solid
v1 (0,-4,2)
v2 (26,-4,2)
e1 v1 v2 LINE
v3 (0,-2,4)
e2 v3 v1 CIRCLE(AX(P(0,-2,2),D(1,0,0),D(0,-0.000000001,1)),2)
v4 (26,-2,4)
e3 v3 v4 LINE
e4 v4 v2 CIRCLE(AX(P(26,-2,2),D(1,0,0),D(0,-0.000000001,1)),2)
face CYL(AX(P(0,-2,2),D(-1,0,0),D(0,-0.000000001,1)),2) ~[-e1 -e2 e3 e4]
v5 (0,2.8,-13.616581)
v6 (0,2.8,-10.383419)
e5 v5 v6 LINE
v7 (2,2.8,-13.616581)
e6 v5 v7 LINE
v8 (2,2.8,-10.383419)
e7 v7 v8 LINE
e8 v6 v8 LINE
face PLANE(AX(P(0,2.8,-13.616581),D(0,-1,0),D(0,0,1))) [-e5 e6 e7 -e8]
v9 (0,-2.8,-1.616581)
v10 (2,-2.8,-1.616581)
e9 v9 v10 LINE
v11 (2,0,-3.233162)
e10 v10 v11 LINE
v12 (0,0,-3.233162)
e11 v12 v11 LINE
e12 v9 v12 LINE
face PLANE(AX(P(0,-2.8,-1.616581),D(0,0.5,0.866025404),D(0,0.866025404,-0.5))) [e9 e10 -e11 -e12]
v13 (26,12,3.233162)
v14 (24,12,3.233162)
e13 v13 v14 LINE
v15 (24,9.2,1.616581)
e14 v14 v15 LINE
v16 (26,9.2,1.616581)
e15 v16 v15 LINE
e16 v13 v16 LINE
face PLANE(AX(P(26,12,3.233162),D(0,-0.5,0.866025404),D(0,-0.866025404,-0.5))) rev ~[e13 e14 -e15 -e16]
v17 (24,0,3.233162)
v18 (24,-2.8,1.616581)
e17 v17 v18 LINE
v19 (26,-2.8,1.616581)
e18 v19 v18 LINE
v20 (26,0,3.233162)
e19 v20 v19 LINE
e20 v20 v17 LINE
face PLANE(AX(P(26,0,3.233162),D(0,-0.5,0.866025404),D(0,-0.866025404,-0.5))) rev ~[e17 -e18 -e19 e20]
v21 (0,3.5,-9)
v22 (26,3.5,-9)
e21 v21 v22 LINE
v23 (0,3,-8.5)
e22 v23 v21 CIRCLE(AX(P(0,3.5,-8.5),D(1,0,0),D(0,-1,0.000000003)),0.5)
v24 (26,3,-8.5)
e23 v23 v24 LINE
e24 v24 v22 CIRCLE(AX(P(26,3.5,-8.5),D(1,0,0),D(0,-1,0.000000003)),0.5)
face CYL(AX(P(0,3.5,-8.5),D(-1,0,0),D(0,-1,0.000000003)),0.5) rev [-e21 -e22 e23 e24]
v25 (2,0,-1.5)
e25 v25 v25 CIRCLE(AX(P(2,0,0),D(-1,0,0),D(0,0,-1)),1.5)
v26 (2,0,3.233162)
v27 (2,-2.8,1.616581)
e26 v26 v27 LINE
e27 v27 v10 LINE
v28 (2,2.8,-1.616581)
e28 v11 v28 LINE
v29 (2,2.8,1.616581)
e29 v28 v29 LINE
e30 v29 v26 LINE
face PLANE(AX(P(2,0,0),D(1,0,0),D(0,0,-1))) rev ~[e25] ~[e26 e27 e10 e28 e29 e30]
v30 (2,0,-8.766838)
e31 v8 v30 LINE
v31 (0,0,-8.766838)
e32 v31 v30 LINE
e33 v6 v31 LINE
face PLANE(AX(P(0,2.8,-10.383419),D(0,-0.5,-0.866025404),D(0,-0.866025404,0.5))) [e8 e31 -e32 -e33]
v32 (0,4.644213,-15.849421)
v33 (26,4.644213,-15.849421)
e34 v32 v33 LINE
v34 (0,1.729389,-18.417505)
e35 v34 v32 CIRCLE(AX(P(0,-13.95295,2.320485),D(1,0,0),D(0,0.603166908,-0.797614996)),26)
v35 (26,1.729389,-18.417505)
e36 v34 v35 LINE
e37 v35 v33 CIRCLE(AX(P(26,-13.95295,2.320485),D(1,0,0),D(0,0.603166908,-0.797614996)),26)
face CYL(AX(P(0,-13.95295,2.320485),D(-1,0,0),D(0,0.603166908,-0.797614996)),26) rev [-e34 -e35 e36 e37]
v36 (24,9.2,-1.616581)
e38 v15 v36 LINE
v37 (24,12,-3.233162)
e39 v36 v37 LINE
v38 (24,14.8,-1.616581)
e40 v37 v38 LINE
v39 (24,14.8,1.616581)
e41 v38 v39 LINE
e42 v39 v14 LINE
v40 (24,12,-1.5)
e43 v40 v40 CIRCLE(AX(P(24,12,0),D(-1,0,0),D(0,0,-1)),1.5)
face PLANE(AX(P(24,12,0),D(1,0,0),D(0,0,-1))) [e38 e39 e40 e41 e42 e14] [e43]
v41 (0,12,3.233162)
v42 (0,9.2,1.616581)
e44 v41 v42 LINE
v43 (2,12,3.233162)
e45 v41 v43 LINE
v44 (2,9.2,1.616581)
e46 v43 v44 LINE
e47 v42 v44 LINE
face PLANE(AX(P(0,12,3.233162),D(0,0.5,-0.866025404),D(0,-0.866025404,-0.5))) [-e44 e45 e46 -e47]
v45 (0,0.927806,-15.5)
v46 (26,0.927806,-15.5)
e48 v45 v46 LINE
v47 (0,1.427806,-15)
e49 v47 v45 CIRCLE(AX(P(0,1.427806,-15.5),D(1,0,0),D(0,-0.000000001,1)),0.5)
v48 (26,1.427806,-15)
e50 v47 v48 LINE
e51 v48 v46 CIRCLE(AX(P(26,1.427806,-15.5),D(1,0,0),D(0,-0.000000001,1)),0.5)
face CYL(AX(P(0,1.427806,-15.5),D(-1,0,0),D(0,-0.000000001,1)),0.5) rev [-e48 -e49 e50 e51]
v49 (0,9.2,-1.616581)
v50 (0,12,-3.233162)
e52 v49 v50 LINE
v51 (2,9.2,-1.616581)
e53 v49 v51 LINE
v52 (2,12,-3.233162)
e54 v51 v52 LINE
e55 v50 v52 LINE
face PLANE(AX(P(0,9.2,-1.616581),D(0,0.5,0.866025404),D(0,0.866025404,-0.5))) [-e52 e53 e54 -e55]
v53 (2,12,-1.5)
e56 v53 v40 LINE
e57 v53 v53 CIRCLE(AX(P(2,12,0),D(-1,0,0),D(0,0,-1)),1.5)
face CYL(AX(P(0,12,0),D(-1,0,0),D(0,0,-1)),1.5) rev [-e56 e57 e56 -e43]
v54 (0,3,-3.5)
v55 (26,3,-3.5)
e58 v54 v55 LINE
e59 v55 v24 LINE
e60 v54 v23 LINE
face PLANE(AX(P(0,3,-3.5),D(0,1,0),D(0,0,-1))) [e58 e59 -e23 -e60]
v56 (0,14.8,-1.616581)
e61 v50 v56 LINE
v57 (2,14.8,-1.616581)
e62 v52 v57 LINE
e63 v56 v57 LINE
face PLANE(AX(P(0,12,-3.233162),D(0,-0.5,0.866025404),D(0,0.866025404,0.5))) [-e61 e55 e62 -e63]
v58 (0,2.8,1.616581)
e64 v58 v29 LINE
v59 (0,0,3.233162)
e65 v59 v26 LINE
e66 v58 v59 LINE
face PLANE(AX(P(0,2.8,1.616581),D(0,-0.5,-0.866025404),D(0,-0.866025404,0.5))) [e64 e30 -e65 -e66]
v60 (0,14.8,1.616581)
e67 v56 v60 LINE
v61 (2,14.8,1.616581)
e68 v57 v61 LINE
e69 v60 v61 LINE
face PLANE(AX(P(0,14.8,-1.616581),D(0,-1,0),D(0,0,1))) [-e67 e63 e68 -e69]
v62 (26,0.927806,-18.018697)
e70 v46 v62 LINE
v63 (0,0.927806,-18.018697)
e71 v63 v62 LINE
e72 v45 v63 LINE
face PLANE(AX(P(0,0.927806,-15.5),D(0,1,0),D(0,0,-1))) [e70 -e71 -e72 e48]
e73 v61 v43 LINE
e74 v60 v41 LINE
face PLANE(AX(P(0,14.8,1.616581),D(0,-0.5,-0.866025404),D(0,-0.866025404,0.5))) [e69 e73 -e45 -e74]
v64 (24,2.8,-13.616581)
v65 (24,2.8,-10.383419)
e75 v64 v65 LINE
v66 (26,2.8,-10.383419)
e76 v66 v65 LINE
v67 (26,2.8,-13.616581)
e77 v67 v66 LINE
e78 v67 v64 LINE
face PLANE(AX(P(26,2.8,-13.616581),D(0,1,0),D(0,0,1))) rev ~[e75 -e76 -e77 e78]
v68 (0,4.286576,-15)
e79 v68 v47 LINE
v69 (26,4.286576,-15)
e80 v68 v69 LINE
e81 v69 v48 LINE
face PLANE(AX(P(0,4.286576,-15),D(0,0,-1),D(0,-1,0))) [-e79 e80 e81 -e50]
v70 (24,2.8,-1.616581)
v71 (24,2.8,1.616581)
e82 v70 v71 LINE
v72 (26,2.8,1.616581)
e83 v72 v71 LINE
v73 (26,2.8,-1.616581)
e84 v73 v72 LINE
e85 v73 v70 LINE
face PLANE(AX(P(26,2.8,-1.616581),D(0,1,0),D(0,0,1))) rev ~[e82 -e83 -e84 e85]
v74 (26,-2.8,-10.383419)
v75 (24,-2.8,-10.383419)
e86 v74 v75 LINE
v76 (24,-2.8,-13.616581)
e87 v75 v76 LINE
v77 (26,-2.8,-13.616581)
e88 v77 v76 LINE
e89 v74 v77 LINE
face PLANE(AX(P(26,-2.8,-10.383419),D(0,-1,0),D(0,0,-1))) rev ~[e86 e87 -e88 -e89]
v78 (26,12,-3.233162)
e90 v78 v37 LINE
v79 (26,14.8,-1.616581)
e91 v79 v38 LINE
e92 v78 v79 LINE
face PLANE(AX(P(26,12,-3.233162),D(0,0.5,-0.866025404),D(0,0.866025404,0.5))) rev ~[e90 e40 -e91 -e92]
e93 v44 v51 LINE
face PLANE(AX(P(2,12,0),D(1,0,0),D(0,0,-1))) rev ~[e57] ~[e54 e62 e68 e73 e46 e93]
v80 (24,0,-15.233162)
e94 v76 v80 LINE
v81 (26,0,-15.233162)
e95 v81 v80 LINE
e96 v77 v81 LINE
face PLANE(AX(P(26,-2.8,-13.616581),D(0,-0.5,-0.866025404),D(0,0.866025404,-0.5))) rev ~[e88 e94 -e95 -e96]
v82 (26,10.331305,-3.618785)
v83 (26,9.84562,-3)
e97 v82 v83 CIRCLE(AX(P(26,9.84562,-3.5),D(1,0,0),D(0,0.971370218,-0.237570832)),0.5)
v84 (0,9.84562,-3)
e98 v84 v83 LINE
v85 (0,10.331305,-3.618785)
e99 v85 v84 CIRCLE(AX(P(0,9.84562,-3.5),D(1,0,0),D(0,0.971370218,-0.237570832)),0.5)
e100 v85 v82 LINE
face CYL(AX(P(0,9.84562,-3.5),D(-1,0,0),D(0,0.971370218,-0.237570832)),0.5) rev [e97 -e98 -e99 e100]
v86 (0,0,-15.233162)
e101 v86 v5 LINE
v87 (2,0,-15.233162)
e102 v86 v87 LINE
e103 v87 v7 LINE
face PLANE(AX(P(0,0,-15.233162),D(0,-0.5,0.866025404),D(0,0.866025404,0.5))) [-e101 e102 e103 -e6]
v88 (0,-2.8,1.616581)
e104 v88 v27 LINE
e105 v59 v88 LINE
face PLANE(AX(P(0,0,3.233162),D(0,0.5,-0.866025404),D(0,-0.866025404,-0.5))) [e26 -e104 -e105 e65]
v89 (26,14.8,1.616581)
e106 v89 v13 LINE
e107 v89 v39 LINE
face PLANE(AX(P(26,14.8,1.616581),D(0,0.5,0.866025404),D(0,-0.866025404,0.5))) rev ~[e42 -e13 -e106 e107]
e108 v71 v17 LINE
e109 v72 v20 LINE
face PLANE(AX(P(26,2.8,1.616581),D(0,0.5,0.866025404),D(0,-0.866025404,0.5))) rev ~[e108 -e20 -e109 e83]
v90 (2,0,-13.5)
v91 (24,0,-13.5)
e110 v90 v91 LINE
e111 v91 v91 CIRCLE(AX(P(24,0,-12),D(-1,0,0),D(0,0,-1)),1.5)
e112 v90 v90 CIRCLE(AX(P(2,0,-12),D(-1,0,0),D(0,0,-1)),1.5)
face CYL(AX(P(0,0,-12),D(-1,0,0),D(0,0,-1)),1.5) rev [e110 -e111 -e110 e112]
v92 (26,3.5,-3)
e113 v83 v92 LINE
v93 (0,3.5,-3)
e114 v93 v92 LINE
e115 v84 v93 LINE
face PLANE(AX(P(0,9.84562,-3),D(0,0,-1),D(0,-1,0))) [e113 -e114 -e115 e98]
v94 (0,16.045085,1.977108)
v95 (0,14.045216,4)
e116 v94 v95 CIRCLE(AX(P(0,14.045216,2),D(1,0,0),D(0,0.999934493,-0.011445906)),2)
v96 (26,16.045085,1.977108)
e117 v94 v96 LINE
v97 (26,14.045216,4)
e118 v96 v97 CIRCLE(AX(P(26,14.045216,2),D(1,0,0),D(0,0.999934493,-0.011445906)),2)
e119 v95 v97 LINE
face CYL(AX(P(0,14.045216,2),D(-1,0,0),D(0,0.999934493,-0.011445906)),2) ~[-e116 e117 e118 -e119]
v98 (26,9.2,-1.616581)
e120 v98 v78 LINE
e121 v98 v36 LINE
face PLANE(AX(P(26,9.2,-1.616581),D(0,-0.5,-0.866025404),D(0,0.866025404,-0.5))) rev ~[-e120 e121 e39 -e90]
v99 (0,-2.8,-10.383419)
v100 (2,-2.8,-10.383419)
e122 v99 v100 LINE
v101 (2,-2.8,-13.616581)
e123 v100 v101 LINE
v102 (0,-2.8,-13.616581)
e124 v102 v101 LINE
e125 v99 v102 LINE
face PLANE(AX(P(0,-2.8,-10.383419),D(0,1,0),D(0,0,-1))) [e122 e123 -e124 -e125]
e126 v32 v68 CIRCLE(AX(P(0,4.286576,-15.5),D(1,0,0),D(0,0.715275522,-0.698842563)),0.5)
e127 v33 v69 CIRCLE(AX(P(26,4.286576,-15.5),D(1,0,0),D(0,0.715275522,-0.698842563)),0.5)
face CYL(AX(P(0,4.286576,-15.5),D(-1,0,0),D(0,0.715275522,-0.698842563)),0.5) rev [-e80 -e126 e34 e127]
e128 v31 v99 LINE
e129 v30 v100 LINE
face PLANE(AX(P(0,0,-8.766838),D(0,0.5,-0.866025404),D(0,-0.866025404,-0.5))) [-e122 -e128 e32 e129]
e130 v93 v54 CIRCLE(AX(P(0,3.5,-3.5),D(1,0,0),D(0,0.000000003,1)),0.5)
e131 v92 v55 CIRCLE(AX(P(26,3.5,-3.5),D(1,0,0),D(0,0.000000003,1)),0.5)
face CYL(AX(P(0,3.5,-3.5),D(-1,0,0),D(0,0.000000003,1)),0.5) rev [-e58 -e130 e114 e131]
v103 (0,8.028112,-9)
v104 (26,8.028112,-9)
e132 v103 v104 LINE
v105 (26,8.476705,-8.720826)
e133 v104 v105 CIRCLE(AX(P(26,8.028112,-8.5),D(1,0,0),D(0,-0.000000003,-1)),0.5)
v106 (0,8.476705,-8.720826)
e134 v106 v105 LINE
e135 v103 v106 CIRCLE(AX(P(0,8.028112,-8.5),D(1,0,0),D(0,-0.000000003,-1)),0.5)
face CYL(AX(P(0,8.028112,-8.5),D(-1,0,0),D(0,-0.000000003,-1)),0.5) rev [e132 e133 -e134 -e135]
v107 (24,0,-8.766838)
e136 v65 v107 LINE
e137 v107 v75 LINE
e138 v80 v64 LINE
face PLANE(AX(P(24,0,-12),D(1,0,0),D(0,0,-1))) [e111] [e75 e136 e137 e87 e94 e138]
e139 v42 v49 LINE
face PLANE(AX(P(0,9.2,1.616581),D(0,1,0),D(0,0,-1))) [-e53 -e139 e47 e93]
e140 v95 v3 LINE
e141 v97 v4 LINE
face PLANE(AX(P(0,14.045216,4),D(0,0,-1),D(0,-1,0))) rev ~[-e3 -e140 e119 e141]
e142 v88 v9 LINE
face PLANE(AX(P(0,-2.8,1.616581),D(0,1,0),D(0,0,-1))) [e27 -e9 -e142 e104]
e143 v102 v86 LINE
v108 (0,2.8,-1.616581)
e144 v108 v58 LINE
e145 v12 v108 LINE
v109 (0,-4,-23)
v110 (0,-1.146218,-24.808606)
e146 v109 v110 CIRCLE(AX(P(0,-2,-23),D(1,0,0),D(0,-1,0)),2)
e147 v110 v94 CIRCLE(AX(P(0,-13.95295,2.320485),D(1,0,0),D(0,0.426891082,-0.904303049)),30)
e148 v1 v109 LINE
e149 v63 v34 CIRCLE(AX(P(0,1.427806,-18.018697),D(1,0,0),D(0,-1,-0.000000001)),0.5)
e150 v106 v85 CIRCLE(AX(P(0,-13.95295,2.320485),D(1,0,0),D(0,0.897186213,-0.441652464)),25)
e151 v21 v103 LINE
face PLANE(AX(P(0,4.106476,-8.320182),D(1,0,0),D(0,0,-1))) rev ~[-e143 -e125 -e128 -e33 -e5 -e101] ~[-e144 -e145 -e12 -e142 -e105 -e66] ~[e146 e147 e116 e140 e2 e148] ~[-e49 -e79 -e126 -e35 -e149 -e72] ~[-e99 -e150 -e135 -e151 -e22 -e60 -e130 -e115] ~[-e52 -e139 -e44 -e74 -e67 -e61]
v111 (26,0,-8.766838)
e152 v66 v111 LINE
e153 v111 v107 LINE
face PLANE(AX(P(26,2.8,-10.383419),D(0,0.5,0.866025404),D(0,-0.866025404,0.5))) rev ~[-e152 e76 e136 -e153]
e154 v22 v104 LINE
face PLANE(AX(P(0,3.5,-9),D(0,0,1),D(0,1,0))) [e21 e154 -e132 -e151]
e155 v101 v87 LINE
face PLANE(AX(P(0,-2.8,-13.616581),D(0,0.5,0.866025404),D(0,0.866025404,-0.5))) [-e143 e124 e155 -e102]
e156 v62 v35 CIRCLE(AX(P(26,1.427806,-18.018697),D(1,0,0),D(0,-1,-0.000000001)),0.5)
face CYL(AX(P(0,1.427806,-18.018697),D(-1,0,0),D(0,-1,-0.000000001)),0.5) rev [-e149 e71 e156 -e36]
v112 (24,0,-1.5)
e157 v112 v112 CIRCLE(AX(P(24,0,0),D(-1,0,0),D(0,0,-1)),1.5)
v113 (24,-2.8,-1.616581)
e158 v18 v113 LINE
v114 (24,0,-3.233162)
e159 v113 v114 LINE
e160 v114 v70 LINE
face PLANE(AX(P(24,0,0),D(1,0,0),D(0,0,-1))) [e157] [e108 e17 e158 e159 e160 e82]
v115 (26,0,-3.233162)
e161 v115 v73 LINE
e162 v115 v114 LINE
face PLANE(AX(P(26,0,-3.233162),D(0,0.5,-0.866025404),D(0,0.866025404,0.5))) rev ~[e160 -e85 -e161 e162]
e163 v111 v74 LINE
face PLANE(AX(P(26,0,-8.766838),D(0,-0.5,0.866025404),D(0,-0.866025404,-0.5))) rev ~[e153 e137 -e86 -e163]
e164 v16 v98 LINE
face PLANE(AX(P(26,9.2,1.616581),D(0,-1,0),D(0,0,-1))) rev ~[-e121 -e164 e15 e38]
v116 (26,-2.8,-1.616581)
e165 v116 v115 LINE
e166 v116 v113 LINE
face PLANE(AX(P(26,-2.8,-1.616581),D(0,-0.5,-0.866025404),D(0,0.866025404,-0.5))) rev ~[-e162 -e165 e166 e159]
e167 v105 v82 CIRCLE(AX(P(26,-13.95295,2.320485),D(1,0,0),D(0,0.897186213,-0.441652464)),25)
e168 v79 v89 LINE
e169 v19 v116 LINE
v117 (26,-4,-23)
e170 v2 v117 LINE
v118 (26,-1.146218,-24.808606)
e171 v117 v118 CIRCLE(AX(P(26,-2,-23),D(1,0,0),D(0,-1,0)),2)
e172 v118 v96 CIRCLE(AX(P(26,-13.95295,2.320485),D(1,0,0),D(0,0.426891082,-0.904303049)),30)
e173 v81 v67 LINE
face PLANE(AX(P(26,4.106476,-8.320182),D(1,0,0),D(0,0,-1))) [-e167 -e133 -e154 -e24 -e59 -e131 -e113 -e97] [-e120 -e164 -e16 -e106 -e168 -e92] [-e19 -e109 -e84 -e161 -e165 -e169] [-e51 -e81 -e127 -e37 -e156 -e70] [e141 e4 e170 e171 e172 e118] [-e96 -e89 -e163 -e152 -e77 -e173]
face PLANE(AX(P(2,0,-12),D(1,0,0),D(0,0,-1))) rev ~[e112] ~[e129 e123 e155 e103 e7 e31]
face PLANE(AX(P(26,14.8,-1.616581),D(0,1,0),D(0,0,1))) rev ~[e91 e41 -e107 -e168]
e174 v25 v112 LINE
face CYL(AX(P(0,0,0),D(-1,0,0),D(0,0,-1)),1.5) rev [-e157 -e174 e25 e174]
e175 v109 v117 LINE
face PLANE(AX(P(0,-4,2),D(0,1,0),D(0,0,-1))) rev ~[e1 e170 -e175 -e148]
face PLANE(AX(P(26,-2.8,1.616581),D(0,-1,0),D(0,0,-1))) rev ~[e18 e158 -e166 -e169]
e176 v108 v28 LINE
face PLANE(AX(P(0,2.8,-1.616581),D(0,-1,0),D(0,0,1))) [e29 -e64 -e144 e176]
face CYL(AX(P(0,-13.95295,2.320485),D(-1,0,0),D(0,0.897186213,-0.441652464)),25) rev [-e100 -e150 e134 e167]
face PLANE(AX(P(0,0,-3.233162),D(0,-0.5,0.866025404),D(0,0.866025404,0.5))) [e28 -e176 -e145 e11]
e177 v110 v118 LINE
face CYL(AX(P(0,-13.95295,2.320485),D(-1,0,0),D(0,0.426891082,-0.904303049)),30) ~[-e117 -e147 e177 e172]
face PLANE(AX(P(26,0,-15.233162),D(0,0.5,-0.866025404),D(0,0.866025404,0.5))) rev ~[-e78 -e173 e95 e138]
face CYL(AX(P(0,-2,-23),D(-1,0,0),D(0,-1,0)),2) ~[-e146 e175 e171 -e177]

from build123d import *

# Parameters (mm, degrees)
SKETCH1_R           = 1.5
BOSS_EXTRUDE1_DEPTH = 26
CUT_EXTRUDE1_DEPTH  = 2
CUT_EXTRUDE2_START  = 26
CUT_EXTRUDE2_DEPTH  = 2


with BuildPart() as part:
    # Sketch1 → Boss-Extrude1 (new body)
    with BuildSketch(Plane(origin=(0, 0, 0), x_dir=(0, 0, -1), z_dir=(1, 0, 0))):
        with BuildLine():
            Line((-4, 14.045215535), (-4, -2))
            ThreePointArc((-4, -2), (-3.414213562, -3.414213562), (-2, -4))
            Line((-2, -4), (23, -4))
            ThreePointArc((23, -4), (24.68931411, -3.070615635), (24.808606098, -1.146217837))
            ThreePointArc((24.808606098, -1.146217837), (13.883506503, 11.294438637), (-1.977108188, 16.045084522))
            ThreePointArc((-1.977108188, 16.045084522), (-3.406096792, 15.467499547), (-4, 14.045215535))
        make_face()
        Circle(SKETCH1_R, mode=Mode.SUBTRACT)
        with Locations((0, 12)):
            Circle(SKETCH1_R, mode=Mode.SUBTRACT)
        with Locations((12, 0)):
            Circle(SKETCH1_R, mode=Mode.SUBTRACT)
        with BuildLine():
            Line((3, 9.845620053), (3, 3.5))
            ThreePointArc((3, 3.5), (3.146446609, 3.146446609), (3.5, 3))
            Line((3.5, 3), (8.5, 3))
            ThreePointArc((8.5, 3), (8.853553391, 3.146446609), (9, 3.5))
            Line((9, 3.5), (9, 8.028111937))
            ThreePointArc((9, 8.028111937), (8.92450743, 8.292296422), (8.720826232, 8.476705043))
            ThreePointArc((8.720826232, 8.476705043), (6.220295037, 9.542901904), (3.618785416, 10.331305162))
            ThreePointArc((3.618785416, 10.331305162), (3.191287114, 10.238934627), (3, 9.845620053))
        make_face(mode=Mode.SUBTRACT)
        with BuildLine():
            Line((15, 4.286575508), (15, 1.427805862))
            ThreePointArc((15, 1.427805862), (15.146446609, 1.074252472), (15.5, 0.927805862))
            Line((15.5, 0.927805862), (18.01869702, 0.927805862))
            ThreePointArc((18.01869702, 0.927805862), (18.466352985, 1.205086001), (18.417504517, 1.729389316))
            ThreePointArc((18.417504517, 1.729389316), (17.187978253, 3.234831626), (15.849421282, 4.644213269))
            ThreePointArc((15.849421282, 4.644213269), (15.305977631, 4.747395777), (15, 4.286575508))
        make_face(mode=Mode.SUBTRACT)
    extrude(amount=BOSS_EXTRUDE1_DEPTH)

    # Sketch2 → Cut-Extrude1 (cut)
    with BuildSketch(Plane(origin=(0, 0, 0), x_dir=(0, 0, -1), z_dir=(1, 0, 0))):
        Polygon((-1.616580754, 9.2), (1.616580754, 9.2), (3.233161507, 12), (1.616580754, 14.8), (-1.616580754, 14.8), (-3.233161507, 12), align=None)
        Polygon((1.616580754, 2.8), (-1.616580754, 2.8), (-3.233161507, 0), (-1.616580754, -2.8), (1.616580754, -2.8), (3.233161507, 0), align=None)
        Polygon((15.233161507, 0), (13.616580754, 2.8), (10.383419246, 2.8), (8.766838493, 0), (10.383419246, -2.8), (13.616580754, -2.8), align=None)
    extrude(amount=CUT_EXTRUDE1_DEPTH, mode=Mode.SUBTRACT)

    # Sketch2<3> → Cut-Extrude2 (cut)
    with BuildSketch(Plane(origin=(0, 0, 0), x_dir=(0, 0, -1), z_dir=(1, 0, 0)).offset(CUT_EXTRUDE2_START)):
        Polygon((-1.616580754, 9.2), (1.616580754, 9.2), (3.233161507, 12), (1.616580754, 14.8), (-1.616580754, 14.8), (-3.233161507, 12), align=None)
        Polygon((1.616580754, 2.8), (-1.616580754, 2.8), (-3.233161507, 0), (-1.616580754, -2.8), (1.616580754, -2.8), (3.233161507, 0), align=None)
        Polygon((15.233161507, 0), (13.616580754, 2.8), (10.383419246, 2.8), (8.766838493, 0), (10.383419246, -2.8), (13.616580754, -2.8), align=None)
    extrude(amount=-CUT_EXTRUDE2_DEPTH, mode=Mode.SUBTRACT)


solid = part.part
